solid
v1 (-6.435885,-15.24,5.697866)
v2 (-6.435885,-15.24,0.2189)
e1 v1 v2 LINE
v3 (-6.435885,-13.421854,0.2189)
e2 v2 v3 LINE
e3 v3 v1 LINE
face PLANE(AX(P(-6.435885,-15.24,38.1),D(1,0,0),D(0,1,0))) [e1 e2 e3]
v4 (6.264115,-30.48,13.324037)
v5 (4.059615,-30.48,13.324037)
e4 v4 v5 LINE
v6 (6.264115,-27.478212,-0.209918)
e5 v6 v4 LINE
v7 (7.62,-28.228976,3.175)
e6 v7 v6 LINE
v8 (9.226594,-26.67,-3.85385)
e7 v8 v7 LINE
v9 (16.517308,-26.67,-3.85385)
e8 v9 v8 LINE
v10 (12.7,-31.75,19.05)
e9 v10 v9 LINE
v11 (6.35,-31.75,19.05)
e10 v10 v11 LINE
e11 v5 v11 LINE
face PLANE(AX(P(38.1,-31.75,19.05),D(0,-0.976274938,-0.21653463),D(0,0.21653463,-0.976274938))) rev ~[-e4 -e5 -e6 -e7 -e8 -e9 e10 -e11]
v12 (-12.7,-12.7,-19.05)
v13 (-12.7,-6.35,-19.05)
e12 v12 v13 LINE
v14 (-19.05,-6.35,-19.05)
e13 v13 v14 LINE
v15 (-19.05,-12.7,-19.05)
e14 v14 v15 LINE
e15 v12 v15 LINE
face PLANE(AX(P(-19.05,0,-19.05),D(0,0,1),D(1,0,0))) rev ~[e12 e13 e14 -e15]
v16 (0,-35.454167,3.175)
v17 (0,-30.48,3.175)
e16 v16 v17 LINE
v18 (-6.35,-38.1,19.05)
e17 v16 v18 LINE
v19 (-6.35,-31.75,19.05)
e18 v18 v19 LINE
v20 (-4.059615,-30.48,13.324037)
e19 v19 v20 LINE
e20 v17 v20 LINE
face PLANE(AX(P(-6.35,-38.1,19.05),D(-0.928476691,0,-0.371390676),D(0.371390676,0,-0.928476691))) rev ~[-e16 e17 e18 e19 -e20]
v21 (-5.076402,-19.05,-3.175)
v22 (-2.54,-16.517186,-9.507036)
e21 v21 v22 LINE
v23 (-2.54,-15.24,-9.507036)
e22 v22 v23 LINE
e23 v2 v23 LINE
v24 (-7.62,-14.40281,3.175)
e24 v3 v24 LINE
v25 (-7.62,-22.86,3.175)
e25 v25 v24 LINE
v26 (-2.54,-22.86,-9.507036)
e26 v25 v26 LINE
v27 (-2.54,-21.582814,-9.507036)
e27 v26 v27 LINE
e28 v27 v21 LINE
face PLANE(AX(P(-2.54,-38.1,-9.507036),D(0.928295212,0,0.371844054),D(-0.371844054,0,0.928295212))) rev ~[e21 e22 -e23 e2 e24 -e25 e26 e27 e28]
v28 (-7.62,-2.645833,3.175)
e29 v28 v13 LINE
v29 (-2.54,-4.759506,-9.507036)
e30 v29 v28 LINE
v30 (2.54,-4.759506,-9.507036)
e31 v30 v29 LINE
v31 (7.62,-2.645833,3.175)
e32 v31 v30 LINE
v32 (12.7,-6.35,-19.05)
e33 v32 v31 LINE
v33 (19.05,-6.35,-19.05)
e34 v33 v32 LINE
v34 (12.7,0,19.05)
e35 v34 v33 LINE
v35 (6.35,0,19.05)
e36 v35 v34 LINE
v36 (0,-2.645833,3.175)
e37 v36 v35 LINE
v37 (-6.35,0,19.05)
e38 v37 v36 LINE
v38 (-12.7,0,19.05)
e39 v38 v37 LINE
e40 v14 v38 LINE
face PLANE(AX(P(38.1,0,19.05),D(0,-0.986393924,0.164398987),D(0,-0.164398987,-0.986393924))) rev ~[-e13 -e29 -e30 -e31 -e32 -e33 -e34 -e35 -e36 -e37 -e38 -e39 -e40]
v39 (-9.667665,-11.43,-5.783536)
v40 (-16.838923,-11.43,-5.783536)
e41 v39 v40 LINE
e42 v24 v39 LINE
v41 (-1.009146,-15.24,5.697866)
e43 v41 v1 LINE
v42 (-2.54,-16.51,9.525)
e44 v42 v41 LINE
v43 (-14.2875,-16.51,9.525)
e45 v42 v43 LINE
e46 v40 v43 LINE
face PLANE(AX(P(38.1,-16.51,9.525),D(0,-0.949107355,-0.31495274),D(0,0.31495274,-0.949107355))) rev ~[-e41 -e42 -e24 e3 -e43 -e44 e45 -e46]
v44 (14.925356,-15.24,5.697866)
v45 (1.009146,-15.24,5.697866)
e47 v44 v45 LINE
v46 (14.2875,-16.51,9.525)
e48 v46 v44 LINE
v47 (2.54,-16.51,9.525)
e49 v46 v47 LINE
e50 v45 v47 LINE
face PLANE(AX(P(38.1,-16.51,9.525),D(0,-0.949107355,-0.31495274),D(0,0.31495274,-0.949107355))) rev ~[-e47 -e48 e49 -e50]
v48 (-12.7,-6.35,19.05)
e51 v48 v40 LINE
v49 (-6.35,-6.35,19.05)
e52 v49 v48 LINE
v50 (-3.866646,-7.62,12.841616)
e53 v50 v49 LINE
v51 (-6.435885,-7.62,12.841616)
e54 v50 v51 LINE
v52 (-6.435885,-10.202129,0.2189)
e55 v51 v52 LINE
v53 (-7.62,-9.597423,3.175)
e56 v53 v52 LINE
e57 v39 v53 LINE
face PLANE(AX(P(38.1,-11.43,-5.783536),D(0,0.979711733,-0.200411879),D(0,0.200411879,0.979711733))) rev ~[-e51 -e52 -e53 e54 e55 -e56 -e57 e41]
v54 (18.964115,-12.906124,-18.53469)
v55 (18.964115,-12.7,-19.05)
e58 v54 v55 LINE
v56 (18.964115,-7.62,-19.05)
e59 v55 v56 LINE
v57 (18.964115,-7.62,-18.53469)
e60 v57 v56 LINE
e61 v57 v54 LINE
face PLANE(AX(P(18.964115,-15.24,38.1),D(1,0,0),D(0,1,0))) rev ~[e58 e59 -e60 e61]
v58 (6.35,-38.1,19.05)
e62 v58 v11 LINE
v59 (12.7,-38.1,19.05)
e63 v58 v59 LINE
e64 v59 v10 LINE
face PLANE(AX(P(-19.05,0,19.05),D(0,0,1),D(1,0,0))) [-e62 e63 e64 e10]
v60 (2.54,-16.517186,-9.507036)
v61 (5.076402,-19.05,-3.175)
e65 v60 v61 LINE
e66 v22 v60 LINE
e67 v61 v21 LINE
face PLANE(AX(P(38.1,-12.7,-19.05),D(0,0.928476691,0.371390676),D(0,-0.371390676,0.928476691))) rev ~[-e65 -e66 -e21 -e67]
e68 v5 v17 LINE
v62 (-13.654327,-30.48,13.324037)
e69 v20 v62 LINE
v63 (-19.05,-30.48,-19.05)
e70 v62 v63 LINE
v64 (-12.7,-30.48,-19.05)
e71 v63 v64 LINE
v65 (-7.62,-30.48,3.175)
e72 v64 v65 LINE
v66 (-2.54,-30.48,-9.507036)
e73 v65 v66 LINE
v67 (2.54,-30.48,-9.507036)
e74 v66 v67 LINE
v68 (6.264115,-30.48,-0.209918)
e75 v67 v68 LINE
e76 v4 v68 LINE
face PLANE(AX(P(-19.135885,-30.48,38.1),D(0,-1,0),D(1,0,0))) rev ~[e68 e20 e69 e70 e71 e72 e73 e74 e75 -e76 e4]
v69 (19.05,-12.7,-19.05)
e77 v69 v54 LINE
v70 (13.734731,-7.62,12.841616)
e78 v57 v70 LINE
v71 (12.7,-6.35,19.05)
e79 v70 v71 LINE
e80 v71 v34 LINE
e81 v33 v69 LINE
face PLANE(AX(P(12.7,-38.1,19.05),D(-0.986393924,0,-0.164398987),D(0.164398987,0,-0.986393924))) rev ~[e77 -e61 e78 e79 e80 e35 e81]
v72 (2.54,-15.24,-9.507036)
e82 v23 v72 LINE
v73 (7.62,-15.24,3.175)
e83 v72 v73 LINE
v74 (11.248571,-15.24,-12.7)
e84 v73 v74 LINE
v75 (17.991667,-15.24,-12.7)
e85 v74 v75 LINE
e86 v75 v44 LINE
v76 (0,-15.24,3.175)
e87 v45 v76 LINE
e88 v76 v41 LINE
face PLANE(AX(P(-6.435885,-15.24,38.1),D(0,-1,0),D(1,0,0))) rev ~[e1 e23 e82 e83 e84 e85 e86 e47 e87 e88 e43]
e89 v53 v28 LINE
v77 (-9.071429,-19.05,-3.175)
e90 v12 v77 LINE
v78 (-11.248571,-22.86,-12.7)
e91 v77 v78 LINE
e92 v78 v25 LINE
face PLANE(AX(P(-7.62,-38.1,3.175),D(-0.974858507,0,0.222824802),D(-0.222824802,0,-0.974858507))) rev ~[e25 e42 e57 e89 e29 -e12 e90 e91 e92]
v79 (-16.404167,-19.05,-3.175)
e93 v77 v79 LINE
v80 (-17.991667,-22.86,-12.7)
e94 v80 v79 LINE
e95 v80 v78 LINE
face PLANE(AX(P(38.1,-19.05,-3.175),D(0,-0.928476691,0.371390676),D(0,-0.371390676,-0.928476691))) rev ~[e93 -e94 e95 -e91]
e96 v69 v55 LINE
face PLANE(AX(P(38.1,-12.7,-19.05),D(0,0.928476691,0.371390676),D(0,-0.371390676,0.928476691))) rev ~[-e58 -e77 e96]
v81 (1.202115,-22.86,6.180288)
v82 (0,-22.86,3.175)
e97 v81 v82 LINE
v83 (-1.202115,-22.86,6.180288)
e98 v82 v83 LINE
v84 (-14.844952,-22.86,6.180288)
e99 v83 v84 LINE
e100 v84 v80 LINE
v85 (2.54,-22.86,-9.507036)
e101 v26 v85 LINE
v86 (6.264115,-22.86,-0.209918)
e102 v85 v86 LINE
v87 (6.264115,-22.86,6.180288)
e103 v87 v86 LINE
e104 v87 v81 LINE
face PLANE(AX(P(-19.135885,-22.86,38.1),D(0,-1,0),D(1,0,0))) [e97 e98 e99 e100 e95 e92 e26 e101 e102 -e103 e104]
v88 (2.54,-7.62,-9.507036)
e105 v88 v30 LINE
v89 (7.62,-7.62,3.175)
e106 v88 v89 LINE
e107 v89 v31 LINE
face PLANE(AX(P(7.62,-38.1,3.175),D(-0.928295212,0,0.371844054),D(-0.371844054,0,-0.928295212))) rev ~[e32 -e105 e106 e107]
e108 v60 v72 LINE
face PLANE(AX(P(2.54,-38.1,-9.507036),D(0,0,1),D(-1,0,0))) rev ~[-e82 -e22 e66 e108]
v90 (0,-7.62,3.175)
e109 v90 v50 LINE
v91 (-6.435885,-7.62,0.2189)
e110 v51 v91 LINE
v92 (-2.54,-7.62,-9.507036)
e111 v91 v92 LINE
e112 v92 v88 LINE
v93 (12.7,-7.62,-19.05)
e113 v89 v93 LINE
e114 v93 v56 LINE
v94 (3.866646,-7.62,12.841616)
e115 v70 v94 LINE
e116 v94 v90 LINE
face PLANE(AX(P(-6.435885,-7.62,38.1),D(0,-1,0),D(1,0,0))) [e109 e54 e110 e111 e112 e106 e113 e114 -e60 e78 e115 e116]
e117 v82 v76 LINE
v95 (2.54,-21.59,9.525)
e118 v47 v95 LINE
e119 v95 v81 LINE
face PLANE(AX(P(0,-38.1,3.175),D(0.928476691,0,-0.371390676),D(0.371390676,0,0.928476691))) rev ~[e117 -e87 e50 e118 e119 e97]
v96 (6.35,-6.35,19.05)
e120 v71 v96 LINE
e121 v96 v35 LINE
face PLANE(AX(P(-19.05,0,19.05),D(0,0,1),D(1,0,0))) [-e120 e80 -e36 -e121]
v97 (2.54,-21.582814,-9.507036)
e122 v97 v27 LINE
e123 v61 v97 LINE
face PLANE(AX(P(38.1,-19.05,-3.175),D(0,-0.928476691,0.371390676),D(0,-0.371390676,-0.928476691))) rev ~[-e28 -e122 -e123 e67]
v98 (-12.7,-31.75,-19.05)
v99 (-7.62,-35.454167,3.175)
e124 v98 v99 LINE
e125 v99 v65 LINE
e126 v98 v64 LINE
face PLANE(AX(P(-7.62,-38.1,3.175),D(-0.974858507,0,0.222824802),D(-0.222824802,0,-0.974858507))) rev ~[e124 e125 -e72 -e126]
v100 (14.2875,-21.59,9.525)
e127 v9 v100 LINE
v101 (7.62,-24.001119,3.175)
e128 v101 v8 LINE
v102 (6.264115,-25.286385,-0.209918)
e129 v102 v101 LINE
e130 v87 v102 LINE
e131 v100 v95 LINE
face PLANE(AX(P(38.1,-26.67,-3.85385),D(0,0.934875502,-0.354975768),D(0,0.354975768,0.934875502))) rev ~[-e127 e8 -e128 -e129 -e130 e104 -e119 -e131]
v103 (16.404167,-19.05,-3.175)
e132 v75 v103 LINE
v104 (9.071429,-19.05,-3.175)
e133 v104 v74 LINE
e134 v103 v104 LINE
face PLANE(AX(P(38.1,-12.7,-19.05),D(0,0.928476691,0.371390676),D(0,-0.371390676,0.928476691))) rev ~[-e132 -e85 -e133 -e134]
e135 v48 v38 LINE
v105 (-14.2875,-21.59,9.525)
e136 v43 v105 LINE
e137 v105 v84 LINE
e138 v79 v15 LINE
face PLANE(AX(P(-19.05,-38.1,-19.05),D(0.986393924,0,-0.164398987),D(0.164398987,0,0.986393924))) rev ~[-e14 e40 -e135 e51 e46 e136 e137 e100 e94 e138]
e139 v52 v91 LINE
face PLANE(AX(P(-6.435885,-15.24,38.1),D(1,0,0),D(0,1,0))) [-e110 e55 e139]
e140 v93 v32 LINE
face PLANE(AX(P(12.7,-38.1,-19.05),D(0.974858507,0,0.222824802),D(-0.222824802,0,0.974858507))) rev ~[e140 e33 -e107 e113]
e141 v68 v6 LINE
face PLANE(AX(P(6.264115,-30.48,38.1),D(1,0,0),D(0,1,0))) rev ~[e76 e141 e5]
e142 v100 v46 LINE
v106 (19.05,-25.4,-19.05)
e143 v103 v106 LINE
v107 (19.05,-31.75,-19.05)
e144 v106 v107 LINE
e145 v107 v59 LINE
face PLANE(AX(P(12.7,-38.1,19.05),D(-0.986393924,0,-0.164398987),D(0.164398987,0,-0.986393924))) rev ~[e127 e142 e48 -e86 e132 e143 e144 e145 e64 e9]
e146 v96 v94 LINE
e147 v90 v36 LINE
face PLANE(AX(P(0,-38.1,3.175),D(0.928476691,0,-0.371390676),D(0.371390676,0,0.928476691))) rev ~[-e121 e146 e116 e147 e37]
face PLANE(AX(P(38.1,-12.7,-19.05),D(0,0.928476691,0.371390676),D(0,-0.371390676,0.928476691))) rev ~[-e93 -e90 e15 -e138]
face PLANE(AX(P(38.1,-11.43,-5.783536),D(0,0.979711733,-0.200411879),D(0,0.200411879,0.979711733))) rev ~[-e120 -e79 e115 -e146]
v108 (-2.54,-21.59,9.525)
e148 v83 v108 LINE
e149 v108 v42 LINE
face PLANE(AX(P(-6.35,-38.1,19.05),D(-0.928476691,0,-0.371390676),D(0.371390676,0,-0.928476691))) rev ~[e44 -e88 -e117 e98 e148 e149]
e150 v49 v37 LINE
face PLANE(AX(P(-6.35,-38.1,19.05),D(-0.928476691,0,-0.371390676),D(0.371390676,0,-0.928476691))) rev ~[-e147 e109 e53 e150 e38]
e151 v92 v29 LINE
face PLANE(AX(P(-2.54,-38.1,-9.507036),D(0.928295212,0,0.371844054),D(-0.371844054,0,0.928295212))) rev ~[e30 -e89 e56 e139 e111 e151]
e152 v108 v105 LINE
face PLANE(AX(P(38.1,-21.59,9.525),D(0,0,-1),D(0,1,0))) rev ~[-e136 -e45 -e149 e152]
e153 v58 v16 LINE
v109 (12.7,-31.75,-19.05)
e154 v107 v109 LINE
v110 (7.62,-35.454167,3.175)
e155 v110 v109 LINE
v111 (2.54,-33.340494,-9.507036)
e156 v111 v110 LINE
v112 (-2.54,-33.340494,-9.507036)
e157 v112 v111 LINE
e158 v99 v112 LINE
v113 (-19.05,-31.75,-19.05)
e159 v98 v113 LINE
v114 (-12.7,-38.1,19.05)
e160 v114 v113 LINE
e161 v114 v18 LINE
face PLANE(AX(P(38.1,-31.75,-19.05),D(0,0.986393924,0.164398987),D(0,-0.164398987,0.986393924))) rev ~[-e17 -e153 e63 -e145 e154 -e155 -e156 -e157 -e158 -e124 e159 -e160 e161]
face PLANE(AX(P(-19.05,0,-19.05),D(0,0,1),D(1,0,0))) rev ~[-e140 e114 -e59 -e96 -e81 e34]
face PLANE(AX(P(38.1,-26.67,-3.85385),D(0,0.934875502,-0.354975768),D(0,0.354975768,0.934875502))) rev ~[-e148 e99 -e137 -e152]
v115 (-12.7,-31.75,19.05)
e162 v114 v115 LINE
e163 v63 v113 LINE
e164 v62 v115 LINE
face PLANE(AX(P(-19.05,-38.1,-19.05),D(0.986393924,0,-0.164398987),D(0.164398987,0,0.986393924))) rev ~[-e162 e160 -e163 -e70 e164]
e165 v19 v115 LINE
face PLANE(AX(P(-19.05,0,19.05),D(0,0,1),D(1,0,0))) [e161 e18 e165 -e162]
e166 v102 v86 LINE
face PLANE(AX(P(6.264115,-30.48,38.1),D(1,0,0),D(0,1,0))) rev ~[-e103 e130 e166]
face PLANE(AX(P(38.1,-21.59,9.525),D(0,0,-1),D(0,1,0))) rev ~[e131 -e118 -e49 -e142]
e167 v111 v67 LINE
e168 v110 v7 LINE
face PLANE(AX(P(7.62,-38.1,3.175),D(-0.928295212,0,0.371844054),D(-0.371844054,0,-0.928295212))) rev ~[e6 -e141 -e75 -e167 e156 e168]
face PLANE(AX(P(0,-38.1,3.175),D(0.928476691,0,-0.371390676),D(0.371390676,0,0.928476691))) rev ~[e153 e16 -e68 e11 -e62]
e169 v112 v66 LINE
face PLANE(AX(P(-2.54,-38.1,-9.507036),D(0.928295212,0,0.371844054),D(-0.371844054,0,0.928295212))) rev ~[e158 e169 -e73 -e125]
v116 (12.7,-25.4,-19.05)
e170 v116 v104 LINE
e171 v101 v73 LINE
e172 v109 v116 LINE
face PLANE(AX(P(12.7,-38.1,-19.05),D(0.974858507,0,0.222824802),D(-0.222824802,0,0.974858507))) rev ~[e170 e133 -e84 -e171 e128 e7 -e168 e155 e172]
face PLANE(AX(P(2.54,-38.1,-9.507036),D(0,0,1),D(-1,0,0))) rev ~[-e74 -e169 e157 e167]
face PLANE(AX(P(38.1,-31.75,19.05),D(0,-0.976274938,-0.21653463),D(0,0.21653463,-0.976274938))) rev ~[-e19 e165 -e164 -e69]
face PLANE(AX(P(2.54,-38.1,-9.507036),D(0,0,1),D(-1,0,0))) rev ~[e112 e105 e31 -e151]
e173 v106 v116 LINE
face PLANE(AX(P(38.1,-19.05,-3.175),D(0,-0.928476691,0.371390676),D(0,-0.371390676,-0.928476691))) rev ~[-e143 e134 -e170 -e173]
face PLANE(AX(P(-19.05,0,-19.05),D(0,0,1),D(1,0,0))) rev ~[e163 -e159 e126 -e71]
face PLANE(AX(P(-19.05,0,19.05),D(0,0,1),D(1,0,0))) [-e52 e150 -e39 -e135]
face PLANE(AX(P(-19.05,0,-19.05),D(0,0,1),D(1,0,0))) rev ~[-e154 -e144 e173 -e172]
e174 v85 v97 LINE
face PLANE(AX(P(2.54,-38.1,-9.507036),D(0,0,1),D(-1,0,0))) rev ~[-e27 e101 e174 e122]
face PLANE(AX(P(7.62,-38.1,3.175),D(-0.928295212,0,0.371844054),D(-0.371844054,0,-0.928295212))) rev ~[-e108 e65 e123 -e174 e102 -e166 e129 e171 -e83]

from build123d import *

# Parameters (mm, degrees)
F0_W      = 38.1
F0_H      = 38.1
F1_DEPTH  = 38.1
F7_DEPTH  = 58.42
F8_DEPTH  = 38.1
F9_W      = 25.4
F9_H      = 7.62
F10_DEPTH = 63.5


with BuildPart() as f1:
    # F0 (on Front) → F1 (new body)
    with BuildSketch(Plane.XZ):
        Rectangle(F0_W, F0_H)
    extrude(amount=F1_DEPTH)

    # F5 (on offset) → F7 (cut)
    with BuildSketch(Plane.YZ.offset(38.1)):
        Polygon((-11.43, -5.783536), (-6.35, 19.05), (-31.75, 19.05), (-26.67, -3.85385), (-21.59, 9.525), (-16.51, 9.525), align=None)
        Polygon((-6.35, -19.05), (0, -19.05), (0, 19.05), align=None)
        Polygon((-25.4, -19.05), (-12.7, -19.05), (-19.05, -3.175), align=None)
        Polygon((-38.1, -19.05), (-31.75, -19.05), (-38.1, 19.05), align=None)
    extrude(amount=-F7_DEPTH, mode=Mode.SUBTRACT)

    # F6 (on offset) → F8 (cut)
    with BuildSketch(Plane.XZ.offset(38.1)):
        Polygon((6.35, 19.05), (-6.35, 19.05), (0, 3.175), align=None)
        Polygon((19.05, 19.05), (12.7, 19.05), (19.05, -19.05), align=None)
        Polygon((-7.62, 3.175), (-12.7, -19.05), (12.7, -19.05), (7.62, 3.175), (2.54, -9.507036), (-2.54, -9.507036), align=None)
        Polygon((-12.7, 19.05), (-19.05, 19.05), (-19.05, -19.05), align=None)
    extrude(amount=-F8_DEPTH, mode=Mode.SUBTRACT)

    # F9 (on offset) → F10 (cut)
    with BuildSketch(Plane.XY.offset(38.1)):
        with Locations((6.264115, -11.43)):
            Rectangle(F9_W, F9_H)
        with Locations((-6.435885, -26.67)):
            Rectangle(F9_W, F9_H)
    extrude(amount=-F10_DEPTH, mode=Mode.SUBTRACT)


solid = f1.part
